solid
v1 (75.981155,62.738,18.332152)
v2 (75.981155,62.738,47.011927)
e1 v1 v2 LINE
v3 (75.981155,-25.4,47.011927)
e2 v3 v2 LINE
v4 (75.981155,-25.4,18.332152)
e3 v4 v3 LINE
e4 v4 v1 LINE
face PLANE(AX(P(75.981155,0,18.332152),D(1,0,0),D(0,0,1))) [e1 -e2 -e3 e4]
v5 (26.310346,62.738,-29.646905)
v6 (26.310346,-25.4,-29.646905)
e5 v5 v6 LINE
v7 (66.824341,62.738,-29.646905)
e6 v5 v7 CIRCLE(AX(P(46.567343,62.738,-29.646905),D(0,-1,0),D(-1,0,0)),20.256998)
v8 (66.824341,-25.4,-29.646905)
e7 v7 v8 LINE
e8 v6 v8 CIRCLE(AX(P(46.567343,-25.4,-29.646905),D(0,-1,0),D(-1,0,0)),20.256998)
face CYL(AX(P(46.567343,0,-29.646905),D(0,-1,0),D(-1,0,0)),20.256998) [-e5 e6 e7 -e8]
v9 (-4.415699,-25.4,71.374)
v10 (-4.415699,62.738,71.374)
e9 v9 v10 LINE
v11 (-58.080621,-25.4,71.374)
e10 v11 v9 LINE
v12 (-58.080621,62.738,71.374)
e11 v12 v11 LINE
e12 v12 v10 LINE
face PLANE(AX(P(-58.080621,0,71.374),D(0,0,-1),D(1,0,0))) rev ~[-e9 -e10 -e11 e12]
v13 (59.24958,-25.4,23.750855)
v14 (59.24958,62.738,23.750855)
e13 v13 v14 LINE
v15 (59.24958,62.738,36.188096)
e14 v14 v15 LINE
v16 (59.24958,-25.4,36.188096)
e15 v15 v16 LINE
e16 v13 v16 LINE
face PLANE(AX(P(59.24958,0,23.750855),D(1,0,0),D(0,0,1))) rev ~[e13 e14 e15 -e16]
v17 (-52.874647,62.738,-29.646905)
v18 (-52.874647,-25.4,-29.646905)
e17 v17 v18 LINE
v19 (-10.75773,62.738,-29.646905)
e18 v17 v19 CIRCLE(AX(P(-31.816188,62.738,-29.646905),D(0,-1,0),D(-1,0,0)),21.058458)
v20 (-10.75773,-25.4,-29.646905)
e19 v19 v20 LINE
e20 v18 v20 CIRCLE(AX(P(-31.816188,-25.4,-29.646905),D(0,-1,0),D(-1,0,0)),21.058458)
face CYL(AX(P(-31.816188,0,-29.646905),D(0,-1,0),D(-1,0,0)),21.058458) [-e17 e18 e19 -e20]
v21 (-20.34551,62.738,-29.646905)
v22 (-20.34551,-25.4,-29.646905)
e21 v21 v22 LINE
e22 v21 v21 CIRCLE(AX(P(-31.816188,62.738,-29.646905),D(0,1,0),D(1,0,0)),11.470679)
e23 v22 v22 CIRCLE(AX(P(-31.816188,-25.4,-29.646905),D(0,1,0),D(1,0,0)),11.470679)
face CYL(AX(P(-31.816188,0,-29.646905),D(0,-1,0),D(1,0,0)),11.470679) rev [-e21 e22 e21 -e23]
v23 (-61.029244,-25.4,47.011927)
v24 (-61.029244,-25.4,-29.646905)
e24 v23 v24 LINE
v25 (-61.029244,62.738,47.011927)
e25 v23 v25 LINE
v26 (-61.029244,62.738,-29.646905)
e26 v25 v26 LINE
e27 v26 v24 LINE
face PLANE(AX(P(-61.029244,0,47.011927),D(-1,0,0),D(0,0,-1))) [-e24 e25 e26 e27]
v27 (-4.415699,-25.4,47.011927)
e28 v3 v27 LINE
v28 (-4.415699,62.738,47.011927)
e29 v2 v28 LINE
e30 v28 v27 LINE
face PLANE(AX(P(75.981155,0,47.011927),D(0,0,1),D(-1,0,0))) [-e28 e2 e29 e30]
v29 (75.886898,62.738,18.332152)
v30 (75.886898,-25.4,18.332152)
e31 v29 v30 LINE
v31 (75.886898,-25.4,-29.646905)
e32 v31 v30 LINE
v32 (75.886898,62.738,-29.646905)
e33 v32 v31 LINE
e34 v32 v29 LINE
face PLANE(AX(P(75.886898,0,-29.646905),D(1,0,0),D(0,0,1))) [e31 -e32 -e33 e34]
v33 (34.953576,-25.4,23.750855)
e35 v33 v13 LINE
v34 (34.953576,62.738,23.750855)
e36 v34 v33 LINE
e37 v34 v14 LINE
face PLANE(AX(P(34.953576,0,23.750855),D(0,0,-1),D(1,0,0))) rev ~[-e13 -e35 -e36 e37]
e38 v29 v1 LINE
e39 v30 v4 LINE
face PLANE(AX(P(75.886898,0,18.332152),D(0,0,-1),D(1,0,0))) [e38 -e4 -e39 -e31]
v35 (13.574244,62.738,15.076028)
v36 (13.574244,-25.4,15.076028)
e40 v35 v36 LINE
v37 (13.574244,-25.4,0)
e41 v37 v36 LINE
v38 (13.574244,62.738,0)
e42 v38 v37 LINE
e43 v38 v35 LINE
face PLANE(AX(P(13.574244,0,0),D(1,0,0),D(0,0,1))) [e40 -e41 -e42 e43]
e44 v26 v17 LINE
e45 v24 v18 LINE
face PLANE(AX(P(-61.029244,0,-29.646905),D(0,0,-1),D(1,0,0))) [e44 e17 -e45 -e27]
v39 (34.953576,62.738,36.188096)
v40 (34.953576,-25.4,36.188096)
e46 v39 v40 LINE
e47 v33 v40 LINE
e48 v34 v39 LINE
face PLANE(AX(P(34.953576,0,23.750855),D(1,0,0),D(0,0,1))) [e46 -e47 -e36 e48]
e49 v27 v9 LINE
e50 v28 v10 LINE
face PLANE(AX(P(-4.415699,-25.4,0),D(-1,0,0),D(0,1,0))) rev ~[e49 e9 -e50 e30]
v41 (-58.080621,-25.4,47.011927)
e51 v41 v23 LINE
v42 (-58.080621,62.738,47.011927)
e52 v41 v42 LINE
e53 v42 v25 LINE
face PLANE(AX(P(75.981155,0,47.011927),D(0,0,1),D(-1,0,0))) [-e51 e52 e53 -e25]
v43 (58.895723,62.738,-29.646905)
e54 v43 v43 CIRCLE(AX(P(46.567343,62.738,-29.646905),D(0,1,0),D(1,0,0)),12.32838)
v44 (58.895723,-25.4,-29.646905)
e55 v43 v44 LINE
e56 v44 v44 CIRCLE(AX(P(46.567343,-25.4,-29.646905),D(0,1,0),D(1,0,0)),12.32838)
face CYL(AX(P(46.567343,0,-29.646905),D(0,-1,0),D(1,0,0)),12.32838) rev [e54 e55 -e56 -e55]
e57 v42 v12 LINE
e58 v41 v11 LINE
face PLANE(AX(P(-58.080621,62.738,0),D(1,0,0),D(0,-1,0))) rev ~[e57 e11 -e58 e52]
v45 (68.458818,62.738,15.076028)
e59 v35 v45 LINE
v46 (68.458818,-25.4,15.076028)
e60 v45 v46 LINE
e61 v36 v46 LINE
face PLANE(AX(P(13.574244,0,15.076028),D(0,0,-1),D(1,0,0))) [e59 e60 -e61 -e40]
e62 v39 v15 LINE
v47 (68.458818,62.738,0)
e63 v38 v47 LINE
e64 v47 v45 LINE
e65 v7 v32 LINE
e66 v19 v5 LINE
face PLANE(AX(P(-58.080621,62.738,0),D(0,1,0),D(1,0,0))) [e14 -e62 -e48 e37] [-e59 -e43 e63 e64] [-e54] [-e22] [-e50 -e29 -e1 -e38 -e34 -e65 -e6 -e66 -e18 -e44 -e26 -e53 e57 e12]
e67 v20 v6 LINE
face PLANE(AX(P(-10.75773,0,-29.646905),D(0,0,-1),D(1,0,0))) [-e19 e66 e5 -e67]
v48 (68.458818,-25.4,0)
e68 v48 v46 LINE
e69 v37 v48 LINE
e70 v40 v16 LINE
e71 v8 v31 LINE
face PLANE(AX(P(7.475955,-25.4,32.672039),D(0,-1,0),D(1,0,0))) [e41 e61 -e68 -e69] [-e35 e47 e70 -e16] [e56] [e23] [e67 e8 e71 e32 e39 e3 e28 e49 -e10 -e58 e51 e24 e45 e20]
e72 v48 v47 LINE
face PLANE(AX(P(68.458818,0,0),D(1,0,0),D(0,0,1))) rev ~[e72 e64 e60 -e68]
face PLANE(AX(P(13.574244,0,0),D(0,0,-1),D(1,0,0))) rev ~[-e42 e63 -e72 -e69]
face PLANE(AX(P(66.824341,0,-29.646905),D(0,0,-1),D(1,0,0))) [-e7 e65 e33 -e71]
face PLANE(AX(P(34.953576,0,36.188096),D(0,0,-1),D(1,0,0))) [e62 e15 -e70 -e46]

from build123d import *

# Parameters (mm, degrees)
F0_W     = 21.6928645968
F0_H     = 12.4372411519
F0_W_2   = 24.2960043252
F0_W_3   = 53.6649217829
F0_H_2   = 15.3809413314
F0_W_4   = 54.884574376
F0_H_3   = 15.0760281831
F1_DEPTH = 25.4
F2_DEPTH = 62.738
F3_DEPTH = 71.374


with BuildPart() as f1:
    # F0 (on Front) → F1 (new body)
    with BuildSketch(Plane.XZ):
        Polygon((-61.0292442143, 47.0119267702), (-61.0292442143, 18.3321516961), (75.8868977427, 18.3321516961), (75.9811550379, 18.3321516961), (75.9811550379, 47.0119267702), align=None)
        with Locations((-32.8727662563, 29.9694752321)):
            Rectangle(F0_W, F0_H, mode=Mode.SUBTRACT)
        with Locations((47.1015777439, 29.9694752321)):
            Rectangle(F0_W_2, F0_H, mode=Mode.SUBTRACT)
        with BuildLine():
            Line((75.8868977427, 18.3321516961), (-61.0292442143, 18.3321516961))
            Line((-61.0292442143, 18.3321516961), (-61.0292442143, -29.6469051391))
            Line((-61.0292442143, -29.6469051391), (-52.8746465882, -29.6469051391))
            ThreePointArc((-52.8746465882, -29.6469051391), (-31.816188246, -8.5884467969), (-10.7577299038, -29.6469051391))
            Line((-10.7577299038, -29.6469051391), (26.3103456442, -29.6469051391))
            ThreePointArc((26.3103456442, -29.6469051391), (46.5673431754, -9.3899076079), (66.8243407066, -29.6469051391))
            Line((66.8243407066, -29.6469051391), (75.8868977427, -29.6469051391))
            Line((75.8868977427, -29.6469051391), (75.8868977427, 18.3321516961))
        make_face()
        with Locations((-31.2481601723, 7.6904706657)):
            Rectangle(F0_W_3, F0_H_2, mode=Mode.SUBTRACT)
        with Locations((41.0165307112, 7.5380140916)):
            Rectangle(F0_W_4, F0_H_3, mode=Mode.SUBTRACT)
        with BuildLine():
            ThreePointArc((-10.7577299038, -29.6469051391), (-31.816188246, -8.5884467969), (-52.8746465882, -29.6469051391))
            Line((-52.8746465882, -29.6469051391), (-43.2868667506, -29.6469051391))
            ThreePointArc((-43.2868667506, -29.6469051391), (-31.816188246, -18.1762266345), (-20.3455097415, -29.6469051391))
            Line((-20.3455097415, -29.6469051391), (-10.7577299038, -29.6469051391))
        make_face()
        with BuildLine():
            Line((-43.2868667506, -29.6469051391), (-52.8746465882, -29.6469051391))
            ThreePointArc((-52.8746465882, -29.6469051391), (-31.816188246, -50.7053634813), (-10.7577299038, -29.6469051391))
            Line((-10.7577299038, -29.6469051391), (-20.3455097415, -29.6469051391))
            ThreePointArc((-20.3455097415, -29.6469051391), (-31.816188246, -41.1175836436), (-43.2868667506, -29.6469051391))
        make_face()
        with BuildLine():
            ThreePointArc((26.3103456442, -29.6469051391), (46.5673431754, -49.9039026703), (66.8243407066, -29.6469051391))
            Line((66.8243407066, -29.6469051391), (58.8957230989, -29.6469051391))
            ThreePointArc((58.8957230989, -29.6469051391), (46.5673431754, -41.9752850626), (34.2389632519, -29.6469051391))
            Line((34.2389632519, -29.6469051391), (26.3103456442, -29.6469051391))
        make_face()
        with BuildLine():
            Line((58.8957230989, -29.6469051391), (66.8243407066, -29.6469051391))
            ThreePointArc((66.8243407066, -29.6469051391), (46.5673431754, -9.3899076079), (26.3103456442, -29.6469051391))
            Line((26.3103456442, -29.6469051391), (34.2389632519, -29.6469051391))
            ThreePointArc((34.2389632519, -29.6469051391), (46.5673431754, -17.3185252156), (58.8957230989, -29.6469051391))
        make_face()
    extrude(amount=F1_DEPTH)

    # F2 (add): a face of the model
    f2_faces = [f1.faces().sort_by_distance(p)[0] for p in [
        (7.2714959642, 0, 4.1694288848),
    ]]
    extrude(f2_faces, amount=F2_DEPTH)

    # F3 (add): faces of the model
    f3_faces = [f1.faces().sort_by_distance(p)[0] for p in [
        (-31.2481601723, -12.7, 0),
        (-31.2481601723, 31.369, 0),
    ]]
    extrude(f3_faces, amount=F3_DEPTH)


solid = f1.part
